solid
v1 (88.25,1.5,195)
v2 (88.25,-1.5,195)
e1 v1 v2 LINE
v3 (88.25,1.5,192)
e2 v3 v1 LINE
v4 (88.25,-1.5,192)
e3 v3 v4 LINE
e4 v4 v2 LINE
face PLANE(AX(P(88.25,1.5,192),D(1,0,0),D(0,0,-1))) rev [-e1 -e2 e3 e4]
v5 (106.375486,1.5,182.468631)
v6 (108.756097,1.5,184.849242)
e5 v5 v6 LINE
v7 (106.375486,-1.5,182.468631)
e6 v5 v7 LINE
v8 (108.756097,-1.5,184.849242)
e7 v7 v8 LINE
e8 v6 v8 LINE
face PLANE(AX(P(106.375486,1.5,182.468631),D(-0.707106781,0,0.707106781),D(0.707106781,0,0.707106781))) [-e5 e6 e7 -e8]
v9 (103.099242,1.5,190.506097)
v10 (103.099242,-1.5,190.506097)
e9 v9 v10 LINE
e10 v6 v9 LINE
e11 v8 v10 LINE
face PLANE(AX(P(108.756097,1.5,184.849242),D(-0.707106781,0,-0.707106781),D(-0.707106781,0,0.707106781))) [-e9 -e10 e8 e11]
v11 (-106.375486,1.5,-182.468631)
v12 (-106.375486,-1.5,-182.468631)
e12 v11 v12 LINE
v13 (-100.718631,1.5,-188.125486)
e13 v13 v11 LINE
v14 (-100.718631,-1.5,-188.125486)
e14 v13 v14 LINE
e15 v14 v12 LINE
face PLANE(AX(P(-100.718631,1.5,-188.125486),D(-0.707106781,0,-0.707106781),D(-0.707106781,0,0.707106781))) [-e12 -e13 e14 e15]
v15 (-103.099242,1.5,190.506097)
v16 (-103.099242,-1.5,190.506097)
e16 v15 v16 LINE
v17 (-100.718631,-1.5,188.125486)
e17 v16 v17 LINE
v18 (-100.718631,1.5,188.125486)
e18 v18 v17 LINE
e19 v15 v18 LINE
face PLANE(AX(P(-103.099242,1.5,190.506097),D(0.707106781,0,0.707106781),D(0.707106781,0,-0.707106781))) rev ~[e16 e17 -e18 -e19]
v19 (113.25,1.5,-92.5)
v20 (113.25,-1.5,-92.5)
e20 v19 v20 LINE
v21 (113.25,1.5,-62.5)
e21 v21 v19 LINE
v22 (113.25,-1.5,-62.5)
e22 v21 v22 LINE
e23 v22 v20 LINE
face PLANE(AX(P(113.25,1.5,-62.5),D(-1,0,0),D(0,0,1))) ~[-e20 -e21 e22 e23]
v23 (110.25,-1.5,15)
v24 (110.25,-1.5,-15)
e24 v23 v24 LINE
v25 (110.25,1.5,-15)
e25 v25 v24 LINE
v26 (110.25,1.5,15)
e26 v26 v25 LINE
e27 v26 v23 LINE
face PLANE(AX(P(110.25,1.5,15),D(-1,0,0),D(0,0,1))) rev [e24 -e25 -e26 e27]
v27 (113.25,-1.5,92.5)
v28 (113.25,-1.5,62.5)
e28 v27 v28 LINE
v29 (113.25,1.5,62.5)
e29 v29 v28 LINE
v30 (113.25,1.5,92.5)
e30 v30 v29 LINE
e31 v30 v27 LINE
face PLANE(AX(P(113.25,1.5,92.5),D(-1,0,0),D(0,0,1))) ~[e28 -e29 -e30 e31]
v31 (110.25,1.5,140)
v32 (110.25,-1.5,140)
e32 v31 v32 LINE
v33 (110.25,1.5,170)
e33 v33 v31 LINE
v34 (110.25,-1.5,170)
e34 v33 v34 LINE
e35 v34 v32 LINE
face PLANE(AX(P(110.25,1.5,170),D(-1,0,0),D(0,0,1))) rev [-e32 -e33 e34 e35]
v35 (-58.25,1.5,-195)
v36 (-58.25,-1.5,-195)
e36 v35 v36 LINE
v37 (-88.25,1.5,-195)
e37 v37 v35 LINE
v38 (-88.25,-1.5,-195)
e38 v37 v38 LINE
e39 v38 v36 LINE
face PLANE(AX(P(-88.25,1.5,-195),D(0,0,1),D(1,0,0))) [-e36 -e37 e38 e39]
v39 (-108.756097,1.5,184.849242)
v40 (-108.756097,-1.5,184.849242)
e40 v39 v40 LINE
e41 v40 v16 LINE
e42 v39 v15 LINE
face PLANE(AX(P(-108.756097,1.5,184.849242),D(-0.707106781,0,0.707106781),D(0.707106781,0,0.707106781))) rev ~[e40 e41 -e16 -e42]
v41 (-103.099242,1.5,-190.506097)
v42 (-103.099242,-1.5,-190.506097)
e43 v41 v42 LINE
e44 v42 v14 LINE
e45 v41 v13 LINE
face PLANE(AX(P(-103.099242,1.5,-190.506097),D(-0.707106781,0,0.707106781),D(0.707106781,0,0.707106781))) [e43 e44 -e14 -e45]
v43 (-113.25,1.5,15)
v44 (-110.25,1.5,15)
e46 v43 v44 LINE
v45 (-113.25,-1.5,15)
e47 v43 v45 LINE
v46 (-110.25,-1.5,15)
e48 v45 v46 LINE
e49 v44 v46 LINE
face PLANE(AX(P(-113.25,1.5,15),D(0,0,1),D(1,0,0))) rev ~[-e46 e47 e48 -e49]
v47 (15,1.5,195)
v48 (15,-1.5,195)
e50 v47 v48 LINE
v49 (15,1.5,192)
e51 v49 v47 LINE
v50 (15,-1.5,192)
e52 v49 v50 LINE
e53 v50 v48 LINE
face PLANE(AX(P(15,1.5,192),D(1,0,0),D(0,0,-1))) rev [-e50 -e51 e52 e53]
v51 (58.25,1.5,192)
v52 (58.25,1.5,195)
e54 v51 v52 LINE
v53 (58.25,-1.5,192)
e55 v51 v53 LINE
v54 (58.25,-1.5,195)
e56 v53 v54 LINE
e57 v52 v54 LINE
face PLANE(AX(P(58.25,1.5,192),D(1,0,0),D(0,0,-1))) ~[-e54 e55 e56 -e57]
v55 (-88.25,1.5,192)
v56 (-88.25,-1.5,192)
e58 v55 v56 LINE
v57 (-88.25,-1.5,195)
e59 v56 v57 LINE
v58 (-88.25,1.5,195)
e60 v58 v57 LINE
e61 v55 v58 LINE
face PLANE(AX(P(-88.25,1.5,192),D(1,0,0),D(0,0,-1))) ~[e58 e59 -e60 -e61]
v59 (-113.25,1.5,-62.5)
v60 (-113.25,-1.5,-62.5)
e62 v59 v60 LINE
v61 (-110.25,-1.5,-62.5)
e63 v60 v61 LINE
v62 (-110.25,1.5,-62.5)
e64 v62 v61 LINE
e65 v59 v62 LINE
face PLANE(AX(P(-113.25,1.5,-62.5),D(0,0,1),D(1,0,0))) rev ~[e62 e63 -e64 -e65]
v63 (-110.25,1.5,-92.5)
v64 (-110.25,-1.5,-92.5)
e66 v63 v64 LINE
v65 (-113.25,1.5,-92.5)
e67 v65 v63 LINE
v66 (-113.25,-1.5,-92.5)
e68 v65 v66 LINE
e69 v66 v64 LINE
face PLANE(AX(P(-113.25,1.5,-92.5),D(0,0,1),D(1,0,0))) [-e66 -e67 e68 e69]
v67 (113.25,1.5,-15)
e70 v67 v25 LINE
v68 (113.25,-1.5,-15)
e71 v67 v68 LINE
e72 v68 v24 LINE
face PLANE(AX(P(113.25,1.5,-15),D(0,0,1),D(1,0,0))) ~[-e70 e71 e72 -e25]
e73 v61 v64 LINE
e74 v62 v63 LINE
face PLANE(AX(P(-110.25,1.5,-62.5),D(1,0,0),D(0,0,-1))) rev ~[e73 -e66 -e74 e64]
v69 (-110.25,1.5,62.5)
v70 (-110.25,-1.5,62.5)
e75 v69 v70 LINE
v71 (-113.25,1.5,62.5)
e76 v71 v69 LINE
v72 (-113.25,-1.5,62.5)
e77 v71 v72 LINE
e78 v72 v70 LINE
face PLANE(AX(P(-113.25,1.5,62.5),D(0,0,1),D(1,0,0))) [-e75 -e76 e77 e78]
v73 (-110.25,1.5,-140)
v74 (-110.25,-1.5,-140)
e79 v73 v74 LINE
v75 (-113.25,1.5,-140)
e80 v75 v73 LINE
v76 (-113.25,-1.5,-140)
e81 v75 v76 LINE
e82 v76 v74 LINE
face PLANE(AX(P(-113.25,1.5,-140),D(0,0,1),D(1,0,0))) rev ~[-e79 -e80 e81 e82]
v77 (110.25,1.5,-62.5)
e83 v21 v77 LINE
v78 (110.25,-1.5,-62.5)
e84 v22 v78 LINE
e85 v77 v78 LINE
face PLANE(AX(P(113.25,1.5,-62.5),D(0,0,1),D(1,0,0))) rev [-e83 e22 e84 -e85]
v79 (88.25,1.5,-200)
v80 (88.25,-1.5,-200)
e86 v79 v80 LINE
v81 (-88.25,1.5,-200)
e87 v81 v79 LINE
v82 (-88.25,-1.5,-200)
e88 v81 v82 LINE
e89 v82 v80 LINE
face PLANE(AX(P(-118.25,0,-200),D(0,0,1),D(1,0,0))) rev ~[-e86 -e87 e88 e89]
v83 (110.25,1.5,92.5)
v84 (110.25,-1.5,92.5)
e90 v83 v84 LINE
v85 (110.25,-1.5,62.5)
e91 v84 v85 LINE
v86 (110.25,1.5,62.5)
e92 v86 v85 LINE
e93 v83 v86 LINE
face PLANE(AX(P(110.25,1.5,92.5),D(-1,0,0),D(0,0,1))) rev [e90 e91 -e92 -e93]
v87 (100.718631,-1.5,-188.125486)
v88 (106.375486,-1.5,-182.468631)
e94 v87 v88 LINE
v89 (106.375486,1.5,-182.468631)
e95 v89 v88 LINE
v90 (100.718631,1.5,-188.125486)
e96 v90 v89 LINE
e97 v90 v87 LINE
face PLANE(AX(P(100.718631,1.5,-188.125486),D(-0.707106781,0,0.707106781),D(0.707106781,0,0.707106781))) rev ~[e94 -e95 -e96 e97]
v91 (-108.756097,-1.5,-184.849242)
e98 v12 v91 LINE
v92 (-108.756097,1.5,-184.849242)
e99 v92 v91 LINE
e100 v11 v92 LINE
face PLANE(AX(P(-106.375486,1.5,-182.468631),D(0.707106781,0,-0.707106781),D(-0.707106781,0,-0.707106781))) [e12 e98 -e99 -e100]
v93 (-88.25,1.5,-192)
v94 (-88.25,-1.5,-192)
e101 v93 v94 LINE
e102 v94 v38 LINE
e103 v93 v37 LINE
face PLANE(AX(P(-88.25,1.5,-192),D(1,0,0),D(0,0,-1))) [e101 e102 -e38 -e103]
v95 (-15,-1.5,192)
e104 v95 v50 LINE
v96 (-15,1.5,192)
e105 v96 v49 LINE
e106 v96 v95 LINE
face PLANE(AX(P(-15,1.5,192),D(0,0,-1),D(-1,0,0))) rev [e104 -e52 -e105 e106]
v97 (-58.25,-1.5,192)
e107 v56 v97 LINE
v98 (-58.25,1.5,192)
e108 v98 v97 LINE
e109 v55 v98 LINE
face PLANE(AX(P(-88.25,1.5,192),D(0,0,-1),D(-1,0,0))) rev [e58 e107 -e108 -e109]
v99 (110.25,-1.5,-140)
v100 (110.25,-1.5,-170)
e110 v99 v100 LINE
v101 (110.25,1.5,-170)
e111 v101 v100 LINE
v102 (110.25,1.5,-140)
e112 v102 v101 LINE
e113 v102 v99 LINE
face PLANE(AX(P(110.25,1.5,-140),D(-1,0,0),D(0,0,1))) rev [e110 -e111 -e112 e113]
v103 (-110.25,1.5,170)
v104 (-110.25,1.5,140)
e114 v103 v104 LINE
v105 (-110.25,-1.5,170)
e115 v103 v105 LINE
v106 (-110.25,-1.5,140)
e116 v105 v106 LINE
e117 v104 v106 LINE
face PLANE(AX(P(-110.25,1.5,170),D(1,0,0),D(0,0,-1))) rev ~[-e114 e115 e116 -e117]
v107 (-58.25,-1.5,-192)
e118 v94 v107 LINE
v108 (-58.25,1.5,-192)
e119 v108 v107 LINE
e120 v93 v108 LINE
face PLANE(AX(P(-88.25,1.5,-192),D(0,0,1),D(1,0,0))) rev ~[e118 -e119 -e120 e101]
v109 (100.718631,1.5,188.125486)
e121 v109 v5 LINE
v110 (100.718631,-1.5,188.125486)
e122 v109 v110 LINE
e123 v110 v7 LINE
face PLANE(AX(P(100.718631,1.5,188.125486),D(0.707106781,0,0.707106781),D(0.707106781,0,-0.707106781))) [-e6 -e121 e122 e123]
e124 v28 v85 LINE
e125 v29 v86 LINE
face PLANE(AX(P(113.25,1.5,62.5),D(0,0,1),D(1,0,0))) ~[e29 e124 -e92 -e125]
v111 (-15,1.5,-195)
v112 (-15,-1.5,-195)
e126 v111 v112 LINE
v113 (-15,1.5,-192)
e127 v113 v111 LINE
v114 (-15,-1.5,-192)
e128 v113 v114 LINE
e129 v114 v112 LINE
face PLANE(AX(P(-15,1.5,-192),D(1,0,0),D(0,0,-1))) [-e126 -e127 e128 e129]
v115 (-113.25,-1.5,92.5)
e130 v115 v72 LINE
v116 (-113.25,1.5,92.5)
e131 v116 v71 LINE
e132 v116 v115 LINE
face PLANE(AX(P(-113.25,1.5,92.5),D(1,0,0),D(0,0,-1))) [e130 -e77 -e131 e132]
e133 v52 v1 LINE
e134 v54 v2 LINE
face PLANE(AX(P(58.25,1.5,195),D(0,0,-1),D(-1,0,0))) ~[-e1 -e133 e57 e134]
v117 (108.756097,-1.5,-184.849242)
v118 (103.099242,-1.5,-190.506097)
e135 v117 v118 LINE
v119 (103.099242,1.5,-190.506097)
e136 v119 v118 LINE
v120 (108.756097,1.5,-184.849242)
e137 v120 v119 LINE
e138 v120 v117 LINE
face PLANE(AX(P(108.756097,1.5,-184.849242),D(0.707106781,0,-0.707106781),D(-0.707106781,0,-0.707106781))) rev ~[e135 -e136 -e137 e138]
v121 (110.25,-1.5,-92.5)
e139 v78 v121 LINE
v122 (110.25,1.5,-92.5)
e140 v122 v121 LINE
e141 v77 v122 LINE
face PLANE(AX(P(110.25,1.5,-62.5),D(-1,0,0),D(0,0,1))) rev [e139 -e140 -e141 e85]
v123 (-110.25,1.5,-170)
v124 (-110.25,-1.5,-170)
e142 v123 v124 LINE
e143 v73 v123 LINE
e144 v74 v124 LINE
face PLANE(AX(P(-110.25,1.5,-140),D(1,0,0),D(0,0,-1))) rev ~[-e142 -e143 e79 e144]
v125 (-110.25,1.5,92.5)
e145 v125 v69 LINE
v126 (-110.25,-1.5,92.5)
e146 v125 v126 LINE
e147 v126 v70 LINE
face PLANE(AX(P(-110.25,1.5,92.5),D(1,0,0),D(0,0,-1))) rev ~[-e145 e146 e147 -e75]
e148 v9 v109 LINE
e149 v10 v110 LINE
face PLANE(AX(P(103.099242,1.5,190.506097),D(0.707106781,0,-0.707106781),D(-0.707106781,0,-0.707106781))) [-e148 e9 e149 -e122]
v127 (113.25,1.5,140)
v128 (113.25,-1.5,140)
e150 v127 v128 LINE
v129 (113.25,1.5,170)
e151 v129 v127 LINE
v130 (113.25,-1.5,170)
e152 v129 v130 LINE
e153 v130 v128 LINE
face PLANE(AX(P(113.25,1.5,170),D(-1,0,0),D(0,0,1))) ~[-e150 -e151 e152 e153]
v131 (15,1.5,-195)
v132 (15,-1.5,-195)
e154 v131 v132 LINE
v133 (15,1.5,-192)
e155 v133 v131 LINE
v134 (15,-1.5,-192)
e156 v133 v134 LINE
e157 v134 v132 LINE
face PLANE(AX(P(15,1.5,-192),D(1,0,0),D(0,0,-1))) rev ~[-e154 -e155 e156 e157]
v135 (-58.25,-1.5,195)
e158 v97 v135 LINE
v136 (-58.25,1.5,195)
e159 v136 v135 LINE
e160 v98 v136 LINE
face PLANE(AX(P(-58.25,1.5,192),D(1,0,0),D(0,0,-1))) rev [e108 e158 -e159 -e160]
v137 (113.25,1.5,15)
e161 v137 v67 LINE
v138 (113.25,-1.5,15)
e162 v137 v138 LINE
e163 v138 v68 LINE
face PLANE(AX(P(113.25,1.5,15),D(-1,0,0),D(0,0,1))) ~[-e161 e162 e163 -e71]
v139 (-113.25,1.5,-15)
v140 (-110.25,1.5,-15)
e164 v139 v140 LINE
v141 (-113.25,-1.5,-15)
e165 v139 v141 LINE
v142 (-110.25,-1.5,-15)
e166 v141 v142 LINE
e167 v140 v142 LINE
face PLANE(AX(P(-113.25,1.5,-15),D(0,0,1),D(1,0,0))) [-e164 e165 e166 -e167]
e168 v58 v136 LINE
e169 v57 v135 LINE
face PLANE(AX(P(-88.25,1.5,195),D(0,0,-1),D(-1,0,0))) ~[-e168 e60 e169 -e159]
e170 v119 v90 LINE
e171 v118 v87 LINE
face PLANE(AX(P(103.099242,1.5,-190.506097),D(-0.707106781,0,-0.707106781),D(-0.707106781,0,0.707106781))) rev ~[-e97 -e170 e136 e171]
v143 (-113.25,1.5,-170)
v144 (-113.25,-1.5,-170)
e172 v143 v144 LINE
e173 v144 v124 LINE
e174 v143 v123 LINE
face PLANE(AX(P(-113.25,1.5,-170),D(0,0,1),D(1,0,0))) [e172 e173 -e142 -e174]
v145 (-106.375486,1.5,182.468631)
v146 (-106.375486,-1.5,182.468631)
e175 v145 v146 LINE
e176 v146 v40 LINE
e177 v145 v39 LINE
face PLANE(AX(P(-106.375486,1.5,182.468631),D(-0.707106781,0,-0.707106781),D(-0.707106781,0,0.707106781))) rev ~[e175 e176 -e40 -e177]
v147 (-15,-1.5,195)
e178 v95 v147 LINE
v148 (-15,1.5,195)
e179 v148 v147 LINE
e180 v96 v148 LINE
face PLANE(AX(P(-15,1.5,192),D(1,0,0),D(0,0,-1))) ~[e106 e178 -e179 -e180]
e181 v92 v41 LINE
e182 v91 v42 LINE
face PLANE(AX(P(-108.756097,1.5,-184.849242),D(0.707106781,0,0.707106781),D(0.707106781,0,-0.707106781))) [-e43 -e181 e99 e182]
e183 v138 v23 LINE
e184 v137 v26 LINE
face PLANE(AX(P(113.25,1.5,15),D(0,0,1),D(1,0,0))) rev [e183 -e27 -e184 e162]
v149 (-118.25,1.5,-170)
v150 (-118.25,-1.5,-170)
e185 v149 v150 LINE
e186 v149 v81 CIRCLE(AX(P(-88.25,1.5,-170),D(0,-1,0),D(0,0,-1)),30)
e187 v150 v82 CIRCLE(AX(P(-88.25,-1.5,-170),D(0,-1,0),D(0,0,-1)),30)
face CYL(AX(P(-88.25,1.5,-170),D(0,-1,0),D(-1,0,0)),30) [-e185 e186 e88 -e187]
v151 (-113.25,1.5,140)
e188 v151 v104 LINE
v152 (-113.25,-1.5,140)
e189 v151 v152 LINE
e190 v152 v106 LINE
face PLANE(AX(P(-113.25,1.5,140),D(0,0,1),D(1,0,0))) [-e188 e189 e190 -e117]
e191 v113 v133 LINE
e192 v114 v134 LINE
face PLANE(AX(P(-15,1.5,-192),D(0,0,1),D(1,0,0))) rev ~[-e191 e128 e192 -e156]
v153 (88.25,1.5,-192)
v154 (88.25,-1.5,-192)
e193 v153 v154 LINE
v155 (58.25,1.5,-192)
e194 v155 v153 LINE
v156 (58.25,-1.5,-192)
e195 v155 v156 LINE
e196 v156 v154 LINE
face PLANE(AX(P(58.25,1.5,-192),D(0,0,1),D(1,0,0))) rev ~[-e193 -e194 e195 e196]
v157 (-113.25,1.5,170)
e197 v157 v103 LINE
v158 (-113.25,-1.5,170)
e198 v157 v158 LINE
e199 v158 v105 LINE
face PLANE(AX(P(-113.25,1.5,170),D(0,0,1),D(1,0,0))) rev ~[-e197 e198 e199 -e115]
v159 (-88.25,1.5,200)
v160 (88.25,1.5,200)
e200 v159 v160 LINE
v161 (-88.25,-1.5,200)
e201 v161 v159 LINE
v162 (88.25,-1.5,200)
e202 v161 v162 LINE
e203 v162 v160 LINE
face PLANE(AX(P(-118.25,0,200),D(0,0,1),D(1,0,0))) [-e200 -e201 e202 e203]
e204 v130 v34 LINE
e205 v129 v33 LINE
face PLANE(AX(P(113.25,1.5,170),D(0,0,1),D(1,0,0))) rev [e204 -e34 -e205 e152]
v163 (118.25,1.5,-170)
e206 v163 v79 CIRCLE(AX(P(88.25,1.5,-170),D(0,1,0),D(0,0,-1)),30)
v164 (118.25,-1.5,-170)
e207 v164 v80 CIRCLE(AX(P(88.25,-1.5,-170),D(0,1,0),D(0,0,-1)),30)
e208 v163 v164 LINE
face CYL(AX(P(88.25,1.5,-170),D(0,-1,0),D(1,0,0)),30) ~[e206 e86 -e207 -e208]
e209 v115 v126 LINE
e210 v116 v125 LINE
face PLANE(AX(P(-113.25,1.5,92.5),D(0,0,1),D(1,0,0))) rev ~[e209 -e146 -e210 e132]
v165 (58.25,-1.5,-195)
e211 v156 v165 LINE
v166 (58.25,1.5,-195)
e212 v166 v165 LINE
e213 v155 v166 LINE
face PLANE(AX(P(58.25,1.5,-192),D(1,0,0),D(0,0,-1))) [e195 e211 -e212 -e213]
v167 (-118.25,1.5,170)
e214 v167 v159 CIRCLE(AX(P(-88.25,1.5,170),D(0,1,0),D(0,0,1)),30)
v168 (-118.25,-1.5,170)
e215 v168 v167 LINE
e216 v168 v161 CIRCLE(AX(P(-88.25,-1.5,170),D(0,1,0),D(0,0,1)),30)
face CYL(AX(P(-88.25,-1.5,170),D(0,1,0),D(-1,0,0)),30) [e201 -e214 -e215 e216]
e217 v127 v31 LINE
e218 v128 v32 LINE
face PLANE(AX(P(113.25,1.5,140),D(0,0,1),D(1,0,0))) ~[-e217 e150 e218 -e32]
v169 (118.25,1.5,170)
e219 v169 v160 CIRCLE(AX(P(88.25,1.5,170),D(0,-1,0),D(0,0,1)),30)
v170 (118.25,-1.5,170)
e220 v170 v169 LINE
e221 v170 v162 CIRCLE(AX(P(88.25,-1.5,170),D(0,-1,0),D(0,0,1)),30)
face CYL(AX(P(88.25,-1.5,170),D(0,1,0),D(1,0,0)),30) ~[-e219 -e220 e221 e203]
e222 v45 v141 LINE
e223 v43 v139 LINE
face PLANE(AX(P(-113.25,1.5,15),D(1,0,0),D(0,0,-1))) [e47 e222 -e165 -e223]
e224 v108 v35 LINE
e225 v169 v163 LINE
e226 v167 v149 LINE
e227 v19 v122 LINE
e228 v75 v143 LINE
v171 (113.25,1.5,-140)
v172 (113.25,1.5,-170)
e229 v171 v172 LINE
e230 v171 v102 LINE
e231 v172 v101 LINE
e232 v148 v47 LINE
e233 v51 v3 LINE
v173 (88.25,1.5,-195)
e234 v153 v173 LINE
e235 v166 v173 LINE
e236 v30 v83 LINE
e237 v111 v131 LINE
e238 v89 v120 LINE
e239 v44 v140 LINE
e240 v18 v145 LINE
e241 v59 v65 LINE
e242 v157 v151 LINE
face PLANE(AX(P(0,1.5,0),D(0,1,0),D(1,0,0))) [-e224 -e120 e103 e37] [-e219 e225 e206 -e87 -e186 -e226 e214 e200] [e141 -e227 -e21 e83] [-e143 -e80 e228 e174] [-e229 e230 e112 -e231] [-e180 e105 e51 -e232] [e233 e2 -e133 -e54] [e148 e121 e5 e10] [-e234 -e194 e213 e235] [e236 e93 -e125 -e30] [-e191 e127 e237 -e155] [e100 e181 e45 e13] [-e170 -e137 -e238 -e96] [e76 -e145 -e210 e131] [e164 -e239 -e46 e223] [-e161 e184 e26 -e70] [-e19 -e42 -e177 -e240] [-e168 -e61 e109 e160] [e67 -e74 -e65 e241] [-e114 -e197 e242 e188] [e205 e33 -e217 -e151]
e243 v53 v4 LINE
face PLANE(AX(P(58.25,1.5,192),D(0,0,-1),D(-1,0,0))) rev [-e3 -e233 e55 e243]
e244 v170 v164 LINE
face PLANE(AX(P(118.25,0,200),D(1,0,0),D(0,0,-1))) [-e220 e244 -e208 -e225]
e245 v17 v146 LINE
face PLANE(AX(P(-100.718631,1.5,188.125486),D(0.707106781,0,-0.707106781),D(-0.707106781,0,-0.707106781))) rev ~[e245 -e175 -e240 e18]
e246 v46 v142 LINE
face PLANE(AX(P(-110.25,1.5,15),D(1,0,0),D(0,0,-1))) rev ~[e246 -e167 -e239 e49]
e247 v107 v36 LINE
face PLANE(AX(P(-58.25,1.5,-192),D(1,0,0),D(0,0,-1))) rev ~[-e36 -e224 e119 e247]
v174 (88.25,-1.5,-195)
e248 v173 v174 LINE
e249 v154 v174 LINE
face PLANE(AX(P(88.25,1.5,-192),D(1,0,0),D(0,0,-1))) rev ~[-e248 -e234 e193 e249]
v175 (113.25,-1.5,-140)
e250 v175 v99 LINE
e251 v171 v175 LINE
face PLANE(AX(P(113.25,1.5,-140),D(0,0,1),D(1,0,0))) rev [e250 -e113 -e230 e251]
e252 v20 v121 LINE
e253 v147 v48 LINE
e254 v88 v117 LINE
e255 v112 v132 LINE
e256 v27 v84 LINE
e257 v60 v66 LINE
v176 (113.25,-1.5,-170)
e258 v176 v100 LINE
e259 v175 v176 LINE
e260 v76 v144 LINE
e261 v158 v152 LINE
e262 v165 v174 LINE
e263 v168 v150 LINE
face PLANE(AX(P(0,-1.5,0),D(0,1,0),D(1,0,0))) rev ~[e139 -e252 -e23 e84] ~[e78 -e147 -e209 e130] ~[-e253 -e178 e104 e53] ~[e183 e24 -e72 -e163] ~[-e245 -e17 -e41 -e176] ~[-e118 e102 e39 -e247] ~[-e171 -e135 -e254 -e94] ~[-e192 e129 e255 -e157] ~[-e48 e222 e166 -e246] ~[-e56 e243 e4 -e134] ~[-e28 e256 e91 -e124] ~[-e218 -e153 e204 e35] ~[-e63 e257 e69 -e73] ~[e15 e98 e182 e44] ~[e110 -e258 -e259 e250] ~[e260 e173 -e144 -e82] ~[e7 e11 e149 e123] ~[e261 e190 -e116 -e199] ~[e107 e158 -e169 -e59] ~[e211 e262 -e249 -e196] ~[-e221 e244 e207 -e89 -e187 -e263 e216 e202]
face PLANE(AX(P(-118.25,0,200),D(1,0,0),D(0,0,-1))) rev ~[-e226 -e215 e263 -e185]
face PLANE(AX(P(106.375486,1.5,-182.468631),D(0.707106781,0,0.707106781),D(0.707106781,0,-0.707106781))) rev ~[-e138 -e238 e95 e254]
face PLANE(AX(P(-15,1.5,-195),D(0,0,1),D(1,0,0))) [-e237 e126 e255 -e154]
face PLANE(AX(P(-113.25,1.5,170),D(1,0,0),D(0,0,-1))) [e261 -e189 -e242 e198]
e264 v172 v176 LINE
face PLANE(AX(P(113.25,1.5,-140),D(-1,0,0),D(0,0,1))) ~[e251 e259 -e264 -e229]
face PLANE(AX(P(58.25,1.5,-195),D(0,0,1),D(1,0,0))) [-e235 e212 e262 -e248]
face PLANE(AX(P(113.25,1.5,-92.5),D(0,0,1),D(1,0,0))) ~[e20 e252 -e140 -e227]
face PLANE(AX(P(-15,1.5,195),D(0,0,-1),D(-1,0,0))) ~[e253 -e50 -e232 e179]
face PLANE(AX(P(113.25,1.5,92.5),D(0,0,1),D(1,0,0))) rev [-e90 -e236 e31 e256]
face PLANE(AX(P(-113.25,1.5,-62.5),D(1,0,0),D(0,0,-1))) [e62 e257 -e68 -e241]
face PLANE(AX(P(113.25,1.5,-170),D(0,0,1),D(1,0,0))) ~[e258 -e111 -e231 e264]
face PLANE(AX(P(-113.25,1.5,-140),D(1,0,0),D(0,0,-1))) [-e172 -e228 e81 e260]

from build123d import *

# Parameters (mm, degrees)
SKETCH1_W           = 236.5
SKETCH1_H           = 400
BOSS_EXTRUDE1_DEPTH = 1.5
FILLET1_R           = 30
SKETCH2_W           = 3
SKETCH2_H           = 30
CUT_EXTRUDE1_DEPTH  = 233.361921364
SKETCH3_W           = 30
SKETCH3_H           = 3
CUT_EXTRUDE2_DEPTH  = 233.361921364
CUT_EXTRUDE3_DEPTH  = 233.361921364


with BuildPart() as part:
    # Sketch1 → Boss-Extrude1 (new, symmetric)
    with BuildSketch(Plane(origin=(0, 0, 0), x_dir=(1, 0, 0), z_dir=(0, 1, 0))):
        Rectangle(SKETCH1_W, SKETCH1_H)
    extrude(amount=BOSS_EXTRUDE1_DEPTH, both=True)

    # Fillet1
    fillet1_edges = [part.edges().sort_by_distance(p)[0] for p in [
        (118.25, 0, 200),
        (-118.25, 0, 200),
        (-118.25, 0, -200),
        (118.25, 0, -200),
    ]]
    fillet(fillet1_edges, radius=FILLET1_R)

    # Sketch2 → Cut-Extrude1 (cut, through all)
    with BuildSketch(Plane(origin=(0, 1.5, 0), x_dir=(1, 0, 0), z_dir=(0, 1, 0))):
        with Locations((-111.75, -155)):
            Rectangle(SKETCH2_W, SKETCH2_H)
        with Locations((-111.75, -77.5)):
            Rectangle(SKETCH2_W, SKETCH2_H)
        with Locations((-111.75, 0)):
            Rectangle(SKETCH2_W, SKETCH2_H)
        with Locations((-111.75, 77.5)):
            Rectangle(SKETCH2_W, SKETCH2_H)
        with Locations((-111.75, 155)):
            Rectangle(SKETCH2_W, SKETCH2_H)
    cut_extrude1 = extrude(amount=-CUT_EXTRUDE1_DEPTH, mode=Mode.SUBTRACT)

    # Sketch3 → Cut-Extrude2 (cut, through all)
    with BuildSketch(Plane(origin=(0, 1.5, 0), x_dir=(1, 0, 0), z_dir=(0, 1, 0))):
        with Locations((-73.25, 193.5)):
            Rectangle(SKETCH3_W, SKETCH3_H)
        with Locations((0, 193.5)):
            Rectangle(SKETCH3_W, SKETCH3_H)
        with Locations((73.25, 193.5)):
            Rectangle(SKETCH3_W, SKETCH3_H)
    cut_extrude2 = extrude(amount=-CUT_EXTRUDE2_DEPTH, mode=Mode.SUBTRACT)

    # Mirror1: Cut-Extrude2 across plane
    add(cut_extrude2.mirror(Plane.XY), mode=Mode.SUBTRACT)

    # Mirror2: Cut-Extrude1 across plane
    add(cut_extrude1.mirror(Plane(origin=(0, 0, 0), x_dir=(0, 0, 1), z_dir=(1, 0, 0))), mode=Mode.SUBTRACT)

    # Sketch4 → Cut-Extrude3 (cut, through all)
    with BuildSketch(Plane(origin=(0, 1.5, 0), x_dir=(1, 0, 0), z_dir=(0, 1, 0))):
        Polygon((-108.756096654, 184.849242405), (-103.099242405, 190.506096654), (-100.718631416, 188.125485666), (-106.375485666, 182.468631416), align=None)
        Polygon((100.718631416, 188.125485666), (106.375485666, 182.468631416), (108.756096654, 184.849242405), (103.099242405, 190.506096654), align=None)
        Polygon((103.099242405, -190.506096654), (100.718631416, -188.125485666), (106.375485666, -182.468631416), (108.756096654, -184.849242405), align=None)
        Polygon((-100.718631416, -188.125485666), (-106.375485666, -182.468631416), (-108.756096654, -184.849242405), (-103.099242405, -190.506096654), align=None)
    extrude(amount=-CUT_EXTRUDE3_DEPTH, mode=Mode.SUBTRACT)


solid = part.part
